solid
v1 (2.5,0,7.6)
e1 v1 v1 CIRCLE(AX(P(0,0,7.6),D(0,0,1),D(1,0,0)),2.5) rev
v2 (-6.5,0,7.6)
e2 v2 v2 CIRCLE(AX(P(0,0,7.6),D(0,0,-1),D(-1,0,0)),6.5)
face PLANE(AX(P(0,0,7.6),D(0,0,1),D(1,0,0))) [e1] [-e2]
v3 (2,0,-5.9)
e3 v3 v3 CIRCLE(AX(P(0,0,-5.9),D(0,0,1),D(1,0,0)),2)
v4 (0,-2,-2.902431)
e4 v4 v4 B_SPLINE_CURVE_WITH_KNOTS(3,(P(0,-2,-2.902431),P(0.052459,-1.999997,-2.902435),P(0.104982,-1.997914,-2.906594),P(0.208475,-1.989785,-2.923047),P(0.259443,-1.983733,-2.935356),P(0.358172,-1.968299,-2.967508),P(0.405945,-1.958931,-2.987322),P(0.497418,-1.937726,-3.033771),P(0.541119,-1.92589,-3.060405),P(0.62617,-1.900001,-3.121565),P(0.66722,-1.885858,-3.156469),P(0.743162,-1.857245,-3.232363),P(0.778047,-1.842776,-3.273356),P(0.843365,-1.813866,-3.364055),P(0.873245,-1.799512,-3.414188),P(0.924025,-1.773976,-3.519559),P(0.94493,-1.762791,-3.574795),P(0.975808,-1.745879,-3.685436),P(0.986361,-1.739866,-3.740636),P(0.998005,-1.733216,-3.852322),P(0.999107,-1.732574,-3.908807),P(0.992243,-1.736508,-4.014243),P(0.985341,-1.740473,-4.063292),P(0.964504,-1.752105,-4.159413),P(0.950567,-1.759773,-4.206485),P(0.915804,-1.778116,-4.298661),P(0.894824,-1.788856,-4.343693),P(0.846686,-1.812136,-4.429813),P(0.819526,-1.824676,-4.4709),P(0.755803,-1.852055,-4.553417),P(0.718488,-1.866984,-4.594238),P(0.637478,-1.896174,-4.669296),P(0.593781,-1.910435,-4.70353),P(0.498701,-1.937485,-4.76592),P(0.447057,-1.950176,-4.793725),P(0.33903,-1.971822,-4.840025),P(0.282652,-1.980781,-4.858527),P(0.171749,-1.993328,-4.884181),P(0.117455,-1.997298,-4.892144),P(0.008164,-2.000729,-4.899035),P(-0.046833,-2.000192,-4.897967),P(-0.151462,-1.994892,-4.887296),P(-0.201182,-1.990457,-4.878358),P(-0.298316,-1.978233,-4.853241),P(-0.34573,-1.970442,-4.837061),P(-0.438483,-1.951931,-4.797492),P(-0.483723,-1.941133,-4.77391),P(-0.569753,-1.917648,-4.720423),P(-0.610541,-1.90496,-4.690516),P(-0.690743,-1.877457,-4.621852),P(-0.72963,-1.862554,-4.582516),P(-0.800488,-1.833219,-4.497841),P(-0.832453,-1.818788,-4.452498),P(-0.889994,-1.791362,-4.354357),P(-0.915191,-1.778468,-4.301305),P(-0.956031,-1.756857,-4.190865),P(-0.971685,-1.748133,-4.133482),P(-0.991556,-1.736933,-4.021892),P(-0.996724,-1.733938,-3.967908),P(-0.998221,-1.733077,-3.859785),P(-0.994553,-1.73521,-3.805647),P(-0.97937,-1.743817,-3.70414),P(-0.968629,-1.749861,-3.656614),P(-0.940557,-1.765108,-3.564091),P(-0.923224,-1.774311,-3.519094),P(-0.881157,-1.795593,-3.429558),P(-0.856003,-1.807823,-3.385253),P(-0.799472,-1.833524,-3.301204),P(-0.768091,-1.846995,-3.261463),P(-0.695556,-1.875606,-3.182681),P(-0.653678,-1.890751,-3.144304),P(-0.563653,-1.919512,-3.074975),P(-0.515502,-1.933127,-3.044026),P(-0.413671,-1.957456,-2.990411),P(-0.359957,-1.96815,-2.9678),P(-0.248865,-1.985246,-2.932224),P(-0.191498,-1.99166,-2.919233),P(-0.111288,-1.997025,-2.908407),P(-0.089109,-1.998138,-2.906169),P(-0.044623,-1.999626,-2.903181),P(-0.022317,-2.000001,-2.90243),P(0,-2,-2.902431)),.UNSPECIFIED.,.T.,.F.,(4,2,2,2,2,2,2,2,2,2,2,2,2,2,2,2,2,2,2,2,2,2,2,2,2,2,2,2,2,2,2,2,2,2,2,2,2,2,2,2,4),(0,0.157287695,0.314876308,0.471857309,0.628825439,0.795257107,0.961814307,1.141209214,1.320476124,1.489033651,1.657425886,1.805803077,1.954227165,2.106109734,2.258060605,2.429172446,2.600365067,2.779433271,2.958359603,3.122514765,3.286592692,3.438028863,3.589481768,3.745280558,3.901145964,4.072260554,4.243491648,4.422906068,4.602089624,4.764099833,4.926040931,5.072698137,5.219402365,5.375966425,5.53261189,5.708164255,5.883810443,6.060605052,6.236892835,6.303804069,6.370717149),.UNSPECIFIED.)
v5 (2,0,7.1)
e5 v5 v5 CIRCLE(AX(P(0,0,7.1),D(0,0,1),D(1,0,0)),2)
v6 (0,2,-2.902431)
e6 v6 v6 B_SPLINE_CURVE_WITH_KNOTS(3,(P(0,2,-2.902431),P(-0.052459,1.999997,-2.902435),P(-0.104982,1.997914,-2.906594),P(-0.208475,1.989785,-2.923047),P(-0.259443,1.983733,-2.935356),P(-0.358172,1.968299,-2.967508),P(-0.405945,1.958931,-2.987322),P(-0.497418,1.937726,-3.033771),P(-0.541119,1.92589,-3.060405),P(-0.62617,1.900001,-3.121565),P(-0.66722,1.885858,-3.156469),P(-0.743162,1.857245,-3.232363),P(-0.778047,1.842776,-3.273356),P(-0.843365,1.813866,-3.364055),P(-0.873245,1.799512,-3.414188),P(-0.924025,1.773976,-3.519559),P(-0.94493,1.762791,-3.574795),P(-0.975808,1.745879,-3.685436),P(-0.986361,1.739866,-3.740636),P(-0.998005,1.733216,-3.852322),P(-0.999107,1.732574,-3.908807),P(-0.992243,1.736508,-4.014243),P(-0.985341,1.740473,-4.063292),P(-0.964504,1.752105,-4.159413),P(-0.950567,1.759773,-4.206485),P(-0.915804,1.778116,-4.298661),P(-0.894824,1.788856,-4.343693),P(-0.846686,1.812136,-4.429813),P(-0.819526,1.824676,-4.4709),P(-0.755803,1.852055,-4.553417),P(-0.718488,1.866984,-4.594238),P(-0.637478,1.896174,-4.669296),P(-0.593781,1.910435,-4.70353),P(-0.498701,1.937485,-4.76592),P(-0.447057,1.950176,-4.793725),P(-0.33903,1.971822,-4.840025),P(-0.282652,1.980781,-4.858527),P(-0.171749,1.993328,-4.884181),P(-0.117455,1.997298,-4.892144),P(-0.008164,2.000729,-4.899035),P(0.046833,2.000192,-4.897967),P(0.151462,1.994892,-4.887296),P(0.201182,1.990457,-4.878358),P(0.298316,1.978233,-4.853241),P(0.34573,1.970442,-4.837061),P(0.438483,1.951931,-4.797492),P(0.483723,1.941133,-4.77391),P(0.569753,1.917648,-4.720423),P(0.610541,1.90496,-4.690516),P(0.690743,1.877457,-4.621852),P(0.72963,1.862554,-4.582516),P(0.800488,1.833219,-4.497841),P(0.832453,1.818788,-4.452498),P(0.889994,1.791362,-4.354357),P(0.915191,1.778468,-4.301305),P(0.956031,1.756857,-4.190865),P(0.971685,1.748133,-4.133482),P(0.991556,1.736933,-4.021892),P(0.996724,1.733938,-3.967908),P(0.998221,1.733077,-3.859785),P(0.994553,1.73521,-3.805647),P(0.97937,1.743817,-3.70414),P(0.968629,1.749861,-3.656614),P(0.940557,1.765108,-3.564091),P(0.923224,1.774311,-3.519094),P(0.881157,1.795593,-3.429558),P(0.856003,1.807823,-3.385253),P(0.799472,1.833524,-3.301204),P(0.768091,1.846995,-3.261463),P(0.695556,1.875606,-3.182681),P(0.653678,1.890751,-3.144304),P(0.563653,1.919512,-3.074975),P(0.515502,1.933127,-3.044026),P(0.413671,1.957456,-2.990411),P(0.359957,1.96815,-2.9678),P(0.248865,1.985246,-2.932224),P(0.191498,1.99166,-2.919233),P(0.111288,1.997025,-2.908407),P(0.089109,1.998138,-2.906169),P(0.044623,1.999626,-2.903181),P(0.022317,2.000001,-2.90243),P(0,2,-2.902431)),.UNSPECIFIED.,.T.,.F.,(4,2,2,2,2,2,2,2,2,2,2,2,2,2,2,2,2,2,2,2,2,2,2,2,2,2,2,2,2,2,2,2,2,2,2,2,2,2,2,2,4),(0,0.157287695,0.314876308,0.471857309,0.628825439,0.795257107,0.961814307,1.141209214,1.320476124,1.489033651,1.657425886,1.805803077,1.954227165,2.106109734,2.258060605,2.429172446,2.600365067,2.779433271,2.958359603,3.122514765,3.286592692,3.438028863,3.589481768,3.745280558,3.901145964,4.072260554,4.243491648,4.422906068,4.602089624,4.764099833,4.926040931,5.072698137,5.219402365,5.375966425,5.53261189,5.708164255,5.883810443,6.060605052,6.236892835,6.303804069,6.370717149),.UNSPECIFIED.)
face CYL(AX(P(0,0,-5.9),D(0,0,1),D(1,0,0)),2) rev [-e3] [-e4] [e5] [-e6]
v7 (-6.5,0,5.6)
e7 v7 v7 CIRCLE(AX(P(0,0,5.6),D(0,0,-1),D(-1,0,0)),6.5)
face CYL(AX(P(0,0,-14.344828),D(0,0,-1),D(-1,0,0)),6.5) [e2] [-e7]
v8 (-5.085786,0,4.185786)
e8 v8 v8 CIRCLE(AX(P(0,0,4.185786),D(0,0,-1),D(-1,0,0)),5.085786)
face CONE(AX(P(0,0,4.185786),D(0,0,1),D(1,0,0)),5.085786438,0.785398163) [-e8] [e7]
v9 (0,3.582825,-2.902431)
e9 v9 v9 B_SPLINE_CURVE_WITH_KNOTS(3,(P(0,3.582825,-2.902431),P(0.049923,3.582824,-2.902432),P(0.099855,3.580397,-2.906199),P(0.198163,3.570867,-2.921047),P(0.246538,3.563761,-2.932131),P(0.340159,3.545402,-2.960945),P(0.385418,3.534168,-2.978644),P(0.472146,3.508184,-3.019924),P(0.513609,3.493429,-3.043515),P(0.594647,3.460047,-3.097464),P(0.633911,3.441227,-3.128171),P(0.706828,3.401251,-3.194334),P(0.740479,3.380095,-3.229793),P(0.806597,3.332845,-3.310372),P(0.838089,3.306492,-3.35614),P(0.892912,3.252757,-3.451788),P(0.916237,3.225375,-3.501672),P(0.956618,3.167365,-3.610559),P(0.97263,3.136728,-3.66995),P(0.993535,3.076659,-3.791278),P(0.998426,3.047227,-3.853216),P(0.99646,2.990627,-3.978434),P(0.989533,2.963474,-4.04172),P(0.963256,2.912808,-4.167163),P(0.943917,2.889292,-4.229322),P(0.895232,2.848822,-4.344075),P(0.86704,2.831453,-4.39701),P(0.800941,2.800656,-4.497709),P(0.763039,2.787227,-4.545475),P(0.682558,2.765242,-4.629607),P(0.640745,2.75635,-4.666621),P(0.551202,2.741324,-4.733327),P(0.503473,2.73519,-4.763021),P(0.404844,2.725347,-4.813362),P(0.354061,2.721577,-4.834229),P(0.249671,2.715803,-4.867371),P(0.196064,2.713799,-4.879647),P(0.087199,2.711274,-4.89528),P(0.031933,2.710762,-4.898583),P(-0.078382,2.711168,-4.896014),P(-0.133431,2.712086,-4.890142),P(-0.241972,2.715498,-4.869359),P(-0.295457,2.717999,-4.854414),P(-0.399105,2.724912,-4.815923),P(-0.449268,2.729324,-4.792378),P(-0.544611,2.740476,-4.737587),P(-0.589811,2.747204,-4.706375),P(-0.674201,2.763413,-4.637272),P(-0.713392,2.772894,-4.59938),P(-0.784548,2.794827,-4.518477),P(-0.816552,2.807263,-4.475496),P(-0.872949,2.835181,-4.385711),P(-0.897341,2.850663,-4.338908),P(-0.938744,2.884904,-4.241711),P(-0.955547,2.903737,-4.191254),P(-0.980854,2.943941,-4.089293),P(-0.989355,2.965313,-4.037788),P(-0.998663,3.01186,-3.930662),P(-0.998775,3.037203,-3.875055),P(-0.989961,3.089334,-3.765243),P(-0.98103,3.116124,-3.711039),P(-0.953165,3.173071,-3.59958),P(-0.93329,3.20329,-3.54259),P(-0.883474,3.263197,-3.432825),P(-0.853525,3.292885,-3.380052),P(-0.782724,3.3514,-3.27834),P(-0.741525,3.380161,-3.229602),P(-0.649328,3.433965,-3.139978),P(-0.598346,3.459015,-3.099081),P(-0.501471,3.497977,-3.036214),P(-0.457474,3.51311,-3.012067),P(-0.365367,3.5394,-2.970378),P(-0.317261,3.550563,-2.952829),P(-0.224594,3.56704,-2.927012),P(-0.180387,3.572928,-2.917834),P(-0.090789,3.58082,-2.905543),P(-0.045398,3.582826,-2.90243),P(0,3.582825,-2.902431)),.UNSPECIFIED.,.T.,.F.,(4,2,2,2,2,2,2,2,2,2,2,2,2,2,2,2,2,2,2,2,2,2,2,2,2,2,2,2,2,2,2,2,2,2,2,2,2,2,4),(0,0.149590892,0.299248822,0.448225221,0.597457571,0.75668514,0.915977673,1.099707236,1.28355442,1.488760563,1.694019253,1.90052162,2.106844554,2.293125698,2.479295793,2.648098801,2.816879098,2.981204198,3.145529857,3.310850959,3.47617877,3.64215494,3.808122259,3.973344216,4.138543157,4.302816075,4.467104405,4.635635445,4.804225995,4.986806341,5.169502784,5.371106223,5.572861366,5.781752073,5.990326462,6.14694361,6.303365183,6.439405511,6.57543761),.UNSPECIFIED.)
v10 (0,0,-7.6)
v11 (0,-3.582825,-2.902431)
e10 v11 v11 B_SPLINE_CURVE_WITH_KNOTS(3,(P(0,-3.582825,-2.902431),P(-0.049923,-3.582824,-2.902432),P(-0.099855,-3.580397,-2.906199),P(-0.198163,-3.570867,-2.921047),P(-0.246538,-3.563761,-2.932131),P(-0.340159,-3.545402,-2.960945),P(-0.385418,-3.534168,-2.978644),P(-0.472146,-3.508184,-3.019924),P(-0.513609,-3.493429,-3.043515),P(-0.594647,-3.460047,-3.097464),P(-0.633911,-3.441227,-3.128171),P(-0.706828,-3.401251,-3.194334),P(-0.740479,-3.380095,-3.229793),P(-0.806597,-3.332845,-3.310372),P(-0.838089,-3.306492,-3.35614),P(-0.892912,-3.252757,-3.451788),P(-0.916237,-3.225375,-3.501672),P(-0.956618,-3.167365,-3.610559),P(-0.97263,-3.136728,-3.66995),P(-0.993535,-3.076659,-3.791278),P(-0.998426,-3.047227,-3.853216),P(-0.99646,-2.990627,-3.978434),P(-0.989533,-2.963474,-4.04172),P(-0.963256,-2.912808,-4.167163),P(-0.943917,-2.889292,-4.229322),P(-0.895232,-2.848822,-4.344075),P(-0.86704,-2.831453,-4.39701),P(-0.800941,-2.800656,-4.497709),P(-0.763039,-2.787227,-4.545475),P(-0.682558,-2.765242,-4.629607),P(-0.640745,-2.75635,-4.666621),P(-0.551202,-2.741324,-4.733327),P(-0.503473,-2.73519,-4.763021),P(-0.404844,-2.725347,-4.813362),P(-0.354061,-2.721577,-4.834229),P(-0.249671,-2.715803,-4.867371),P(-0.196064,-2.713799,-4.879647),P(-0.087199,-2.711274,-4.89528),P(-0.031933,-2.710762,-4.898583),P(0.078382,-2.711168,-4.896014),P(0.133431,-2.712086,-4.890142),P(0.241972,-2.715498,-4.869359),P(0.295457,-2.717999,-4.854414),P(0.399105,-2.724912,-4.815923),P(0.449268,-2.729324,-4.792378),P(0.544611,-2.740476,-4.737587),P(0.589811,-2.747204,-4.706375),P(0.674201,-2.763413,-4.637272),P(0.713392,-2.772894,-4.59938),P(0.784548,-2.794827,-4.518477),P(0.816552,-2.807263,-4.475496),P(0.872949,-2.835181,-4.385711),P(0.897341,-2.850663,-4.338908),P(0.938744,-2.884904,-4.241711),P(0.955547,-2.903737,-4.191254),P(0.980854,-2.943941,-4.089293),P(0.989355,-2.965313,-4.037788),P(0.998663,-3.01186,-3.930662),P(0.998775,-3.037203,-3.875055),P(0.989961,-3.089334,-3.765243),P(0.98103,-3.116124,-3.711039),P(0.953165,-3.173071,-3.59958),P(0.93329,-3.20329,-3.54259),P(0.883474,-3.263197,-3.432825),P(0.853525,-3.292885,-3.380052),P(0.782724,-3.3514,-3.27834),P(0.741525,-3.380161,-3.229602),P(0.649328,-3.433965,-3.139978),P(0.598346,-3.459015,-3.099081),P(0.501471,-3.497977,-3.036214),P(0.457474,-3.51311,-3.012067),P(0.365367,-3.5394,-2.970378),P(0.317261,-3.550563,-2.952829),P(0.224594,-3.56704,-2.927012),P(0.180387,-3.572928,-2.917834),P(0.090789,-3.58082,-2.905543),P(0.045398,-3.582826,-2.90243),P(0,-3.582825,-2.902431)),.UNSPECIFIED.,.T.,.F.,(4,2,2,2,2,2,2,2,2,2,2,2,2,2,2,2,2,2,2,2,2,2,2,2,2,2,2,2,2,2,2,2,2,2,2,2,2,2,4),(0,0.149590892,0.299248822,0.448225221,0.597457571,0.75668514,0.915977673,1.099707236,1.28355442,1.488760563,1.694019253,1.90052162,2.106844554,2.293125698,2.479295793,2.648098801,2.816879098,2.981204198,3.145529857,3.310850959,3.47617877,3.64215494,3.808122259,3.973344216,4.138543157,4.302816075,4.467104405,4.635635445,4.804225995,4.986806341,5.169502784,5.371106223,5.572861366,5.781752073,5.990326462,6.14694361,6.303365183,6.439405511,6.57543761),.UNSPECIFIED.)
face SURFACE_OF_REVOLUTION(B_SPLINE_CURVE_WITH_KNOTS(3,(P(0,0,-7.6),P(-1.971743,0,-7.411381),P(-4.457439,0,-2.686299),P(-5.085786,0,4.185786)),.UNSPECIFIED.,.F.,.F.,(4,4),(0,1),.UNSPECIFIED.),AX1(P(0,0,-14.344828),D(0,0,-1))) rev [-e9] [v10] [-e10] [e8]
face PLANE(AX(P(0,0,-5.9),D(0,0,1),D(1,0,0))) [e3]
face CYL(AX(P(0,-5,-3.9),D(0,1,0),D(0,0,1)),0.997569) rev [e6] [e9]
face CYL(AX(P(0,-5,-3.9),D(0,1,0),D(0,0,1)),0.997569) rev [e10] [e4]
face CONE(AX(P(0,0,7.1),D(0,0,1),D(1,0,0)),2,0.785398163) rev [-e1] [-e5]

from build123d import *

# Parameters (mm, degrees)
CROQUIS2_R            = 0.99756867
CORTAR_EXTRUIR1_DEPTH = 5
CROQUIS4_R            = 2
CORTAR_EXTRUIR2_DEPTH = 13.5
CHAFL_N1_SIZE         = 0.5


with BuildPart() as part:
    # Croquis1 → Revolución1 (revolve)
    with BuildSketch(Plane(origin=(0, 0, 0), x_dir=(1, 0, 0), z_dir=(0, 1, 0))):
        with BuildLine():
            Line((0, -7.6), (-6.5, -7.6))
            Line((-6.5, -7.6), (-6.5, -5.6))
            Line((-6.5, -5.6), (-5.085786438, -4.185786438))
            add(Edge.make_bspline(
                [(-5.085786438, -4.185786438), (-4.45743914, 2.686299208), (-1.971742684, 7.41138075), (0, 7.6)],
                knots=[0, 0, 0, 0, 1, 1, 1, 1], degree=3))
            Line((0, 7.6), (0, -7.6))
        make_face()
    revolve(axis=Axis((0, 0, -14.344827586), (0, 0, 1)))

    # Croquis2 → Cortar-Extruir1 (cut, symmetric)
    with BuildSketch(Plane(origin=(0, 0, 0), x_dir=(1, 0, 0), z_dir=(0, 1, 0))):
        with Locations((0, 3.9)):
            Circle(CROQUIS2_R)
    extrude(amount=CORTAR_EXTRUIR1_DEPTH, both=True, mode=Mode.SUBTRACT)

    # Croquis4 → Cortar-Extruir2 (cut)
    with BuildSketch(Plane.XY.offset(7.6)):
        Circle(CROQUIS4_R)
    extrude(amount=-CORTAR_EXTRUIR2_DEPTH, mode=Mode.SUBTRACT)

    # Chaflán1
    chafl_n1_edges = [part.edges().sort_by_distance(p)[0] for p in [
        (-2, 0, 7.6),
    ]]
    chamfer(chafl_n1_edges, length=CHAFL_N1_SIZE)


solid = part.part
